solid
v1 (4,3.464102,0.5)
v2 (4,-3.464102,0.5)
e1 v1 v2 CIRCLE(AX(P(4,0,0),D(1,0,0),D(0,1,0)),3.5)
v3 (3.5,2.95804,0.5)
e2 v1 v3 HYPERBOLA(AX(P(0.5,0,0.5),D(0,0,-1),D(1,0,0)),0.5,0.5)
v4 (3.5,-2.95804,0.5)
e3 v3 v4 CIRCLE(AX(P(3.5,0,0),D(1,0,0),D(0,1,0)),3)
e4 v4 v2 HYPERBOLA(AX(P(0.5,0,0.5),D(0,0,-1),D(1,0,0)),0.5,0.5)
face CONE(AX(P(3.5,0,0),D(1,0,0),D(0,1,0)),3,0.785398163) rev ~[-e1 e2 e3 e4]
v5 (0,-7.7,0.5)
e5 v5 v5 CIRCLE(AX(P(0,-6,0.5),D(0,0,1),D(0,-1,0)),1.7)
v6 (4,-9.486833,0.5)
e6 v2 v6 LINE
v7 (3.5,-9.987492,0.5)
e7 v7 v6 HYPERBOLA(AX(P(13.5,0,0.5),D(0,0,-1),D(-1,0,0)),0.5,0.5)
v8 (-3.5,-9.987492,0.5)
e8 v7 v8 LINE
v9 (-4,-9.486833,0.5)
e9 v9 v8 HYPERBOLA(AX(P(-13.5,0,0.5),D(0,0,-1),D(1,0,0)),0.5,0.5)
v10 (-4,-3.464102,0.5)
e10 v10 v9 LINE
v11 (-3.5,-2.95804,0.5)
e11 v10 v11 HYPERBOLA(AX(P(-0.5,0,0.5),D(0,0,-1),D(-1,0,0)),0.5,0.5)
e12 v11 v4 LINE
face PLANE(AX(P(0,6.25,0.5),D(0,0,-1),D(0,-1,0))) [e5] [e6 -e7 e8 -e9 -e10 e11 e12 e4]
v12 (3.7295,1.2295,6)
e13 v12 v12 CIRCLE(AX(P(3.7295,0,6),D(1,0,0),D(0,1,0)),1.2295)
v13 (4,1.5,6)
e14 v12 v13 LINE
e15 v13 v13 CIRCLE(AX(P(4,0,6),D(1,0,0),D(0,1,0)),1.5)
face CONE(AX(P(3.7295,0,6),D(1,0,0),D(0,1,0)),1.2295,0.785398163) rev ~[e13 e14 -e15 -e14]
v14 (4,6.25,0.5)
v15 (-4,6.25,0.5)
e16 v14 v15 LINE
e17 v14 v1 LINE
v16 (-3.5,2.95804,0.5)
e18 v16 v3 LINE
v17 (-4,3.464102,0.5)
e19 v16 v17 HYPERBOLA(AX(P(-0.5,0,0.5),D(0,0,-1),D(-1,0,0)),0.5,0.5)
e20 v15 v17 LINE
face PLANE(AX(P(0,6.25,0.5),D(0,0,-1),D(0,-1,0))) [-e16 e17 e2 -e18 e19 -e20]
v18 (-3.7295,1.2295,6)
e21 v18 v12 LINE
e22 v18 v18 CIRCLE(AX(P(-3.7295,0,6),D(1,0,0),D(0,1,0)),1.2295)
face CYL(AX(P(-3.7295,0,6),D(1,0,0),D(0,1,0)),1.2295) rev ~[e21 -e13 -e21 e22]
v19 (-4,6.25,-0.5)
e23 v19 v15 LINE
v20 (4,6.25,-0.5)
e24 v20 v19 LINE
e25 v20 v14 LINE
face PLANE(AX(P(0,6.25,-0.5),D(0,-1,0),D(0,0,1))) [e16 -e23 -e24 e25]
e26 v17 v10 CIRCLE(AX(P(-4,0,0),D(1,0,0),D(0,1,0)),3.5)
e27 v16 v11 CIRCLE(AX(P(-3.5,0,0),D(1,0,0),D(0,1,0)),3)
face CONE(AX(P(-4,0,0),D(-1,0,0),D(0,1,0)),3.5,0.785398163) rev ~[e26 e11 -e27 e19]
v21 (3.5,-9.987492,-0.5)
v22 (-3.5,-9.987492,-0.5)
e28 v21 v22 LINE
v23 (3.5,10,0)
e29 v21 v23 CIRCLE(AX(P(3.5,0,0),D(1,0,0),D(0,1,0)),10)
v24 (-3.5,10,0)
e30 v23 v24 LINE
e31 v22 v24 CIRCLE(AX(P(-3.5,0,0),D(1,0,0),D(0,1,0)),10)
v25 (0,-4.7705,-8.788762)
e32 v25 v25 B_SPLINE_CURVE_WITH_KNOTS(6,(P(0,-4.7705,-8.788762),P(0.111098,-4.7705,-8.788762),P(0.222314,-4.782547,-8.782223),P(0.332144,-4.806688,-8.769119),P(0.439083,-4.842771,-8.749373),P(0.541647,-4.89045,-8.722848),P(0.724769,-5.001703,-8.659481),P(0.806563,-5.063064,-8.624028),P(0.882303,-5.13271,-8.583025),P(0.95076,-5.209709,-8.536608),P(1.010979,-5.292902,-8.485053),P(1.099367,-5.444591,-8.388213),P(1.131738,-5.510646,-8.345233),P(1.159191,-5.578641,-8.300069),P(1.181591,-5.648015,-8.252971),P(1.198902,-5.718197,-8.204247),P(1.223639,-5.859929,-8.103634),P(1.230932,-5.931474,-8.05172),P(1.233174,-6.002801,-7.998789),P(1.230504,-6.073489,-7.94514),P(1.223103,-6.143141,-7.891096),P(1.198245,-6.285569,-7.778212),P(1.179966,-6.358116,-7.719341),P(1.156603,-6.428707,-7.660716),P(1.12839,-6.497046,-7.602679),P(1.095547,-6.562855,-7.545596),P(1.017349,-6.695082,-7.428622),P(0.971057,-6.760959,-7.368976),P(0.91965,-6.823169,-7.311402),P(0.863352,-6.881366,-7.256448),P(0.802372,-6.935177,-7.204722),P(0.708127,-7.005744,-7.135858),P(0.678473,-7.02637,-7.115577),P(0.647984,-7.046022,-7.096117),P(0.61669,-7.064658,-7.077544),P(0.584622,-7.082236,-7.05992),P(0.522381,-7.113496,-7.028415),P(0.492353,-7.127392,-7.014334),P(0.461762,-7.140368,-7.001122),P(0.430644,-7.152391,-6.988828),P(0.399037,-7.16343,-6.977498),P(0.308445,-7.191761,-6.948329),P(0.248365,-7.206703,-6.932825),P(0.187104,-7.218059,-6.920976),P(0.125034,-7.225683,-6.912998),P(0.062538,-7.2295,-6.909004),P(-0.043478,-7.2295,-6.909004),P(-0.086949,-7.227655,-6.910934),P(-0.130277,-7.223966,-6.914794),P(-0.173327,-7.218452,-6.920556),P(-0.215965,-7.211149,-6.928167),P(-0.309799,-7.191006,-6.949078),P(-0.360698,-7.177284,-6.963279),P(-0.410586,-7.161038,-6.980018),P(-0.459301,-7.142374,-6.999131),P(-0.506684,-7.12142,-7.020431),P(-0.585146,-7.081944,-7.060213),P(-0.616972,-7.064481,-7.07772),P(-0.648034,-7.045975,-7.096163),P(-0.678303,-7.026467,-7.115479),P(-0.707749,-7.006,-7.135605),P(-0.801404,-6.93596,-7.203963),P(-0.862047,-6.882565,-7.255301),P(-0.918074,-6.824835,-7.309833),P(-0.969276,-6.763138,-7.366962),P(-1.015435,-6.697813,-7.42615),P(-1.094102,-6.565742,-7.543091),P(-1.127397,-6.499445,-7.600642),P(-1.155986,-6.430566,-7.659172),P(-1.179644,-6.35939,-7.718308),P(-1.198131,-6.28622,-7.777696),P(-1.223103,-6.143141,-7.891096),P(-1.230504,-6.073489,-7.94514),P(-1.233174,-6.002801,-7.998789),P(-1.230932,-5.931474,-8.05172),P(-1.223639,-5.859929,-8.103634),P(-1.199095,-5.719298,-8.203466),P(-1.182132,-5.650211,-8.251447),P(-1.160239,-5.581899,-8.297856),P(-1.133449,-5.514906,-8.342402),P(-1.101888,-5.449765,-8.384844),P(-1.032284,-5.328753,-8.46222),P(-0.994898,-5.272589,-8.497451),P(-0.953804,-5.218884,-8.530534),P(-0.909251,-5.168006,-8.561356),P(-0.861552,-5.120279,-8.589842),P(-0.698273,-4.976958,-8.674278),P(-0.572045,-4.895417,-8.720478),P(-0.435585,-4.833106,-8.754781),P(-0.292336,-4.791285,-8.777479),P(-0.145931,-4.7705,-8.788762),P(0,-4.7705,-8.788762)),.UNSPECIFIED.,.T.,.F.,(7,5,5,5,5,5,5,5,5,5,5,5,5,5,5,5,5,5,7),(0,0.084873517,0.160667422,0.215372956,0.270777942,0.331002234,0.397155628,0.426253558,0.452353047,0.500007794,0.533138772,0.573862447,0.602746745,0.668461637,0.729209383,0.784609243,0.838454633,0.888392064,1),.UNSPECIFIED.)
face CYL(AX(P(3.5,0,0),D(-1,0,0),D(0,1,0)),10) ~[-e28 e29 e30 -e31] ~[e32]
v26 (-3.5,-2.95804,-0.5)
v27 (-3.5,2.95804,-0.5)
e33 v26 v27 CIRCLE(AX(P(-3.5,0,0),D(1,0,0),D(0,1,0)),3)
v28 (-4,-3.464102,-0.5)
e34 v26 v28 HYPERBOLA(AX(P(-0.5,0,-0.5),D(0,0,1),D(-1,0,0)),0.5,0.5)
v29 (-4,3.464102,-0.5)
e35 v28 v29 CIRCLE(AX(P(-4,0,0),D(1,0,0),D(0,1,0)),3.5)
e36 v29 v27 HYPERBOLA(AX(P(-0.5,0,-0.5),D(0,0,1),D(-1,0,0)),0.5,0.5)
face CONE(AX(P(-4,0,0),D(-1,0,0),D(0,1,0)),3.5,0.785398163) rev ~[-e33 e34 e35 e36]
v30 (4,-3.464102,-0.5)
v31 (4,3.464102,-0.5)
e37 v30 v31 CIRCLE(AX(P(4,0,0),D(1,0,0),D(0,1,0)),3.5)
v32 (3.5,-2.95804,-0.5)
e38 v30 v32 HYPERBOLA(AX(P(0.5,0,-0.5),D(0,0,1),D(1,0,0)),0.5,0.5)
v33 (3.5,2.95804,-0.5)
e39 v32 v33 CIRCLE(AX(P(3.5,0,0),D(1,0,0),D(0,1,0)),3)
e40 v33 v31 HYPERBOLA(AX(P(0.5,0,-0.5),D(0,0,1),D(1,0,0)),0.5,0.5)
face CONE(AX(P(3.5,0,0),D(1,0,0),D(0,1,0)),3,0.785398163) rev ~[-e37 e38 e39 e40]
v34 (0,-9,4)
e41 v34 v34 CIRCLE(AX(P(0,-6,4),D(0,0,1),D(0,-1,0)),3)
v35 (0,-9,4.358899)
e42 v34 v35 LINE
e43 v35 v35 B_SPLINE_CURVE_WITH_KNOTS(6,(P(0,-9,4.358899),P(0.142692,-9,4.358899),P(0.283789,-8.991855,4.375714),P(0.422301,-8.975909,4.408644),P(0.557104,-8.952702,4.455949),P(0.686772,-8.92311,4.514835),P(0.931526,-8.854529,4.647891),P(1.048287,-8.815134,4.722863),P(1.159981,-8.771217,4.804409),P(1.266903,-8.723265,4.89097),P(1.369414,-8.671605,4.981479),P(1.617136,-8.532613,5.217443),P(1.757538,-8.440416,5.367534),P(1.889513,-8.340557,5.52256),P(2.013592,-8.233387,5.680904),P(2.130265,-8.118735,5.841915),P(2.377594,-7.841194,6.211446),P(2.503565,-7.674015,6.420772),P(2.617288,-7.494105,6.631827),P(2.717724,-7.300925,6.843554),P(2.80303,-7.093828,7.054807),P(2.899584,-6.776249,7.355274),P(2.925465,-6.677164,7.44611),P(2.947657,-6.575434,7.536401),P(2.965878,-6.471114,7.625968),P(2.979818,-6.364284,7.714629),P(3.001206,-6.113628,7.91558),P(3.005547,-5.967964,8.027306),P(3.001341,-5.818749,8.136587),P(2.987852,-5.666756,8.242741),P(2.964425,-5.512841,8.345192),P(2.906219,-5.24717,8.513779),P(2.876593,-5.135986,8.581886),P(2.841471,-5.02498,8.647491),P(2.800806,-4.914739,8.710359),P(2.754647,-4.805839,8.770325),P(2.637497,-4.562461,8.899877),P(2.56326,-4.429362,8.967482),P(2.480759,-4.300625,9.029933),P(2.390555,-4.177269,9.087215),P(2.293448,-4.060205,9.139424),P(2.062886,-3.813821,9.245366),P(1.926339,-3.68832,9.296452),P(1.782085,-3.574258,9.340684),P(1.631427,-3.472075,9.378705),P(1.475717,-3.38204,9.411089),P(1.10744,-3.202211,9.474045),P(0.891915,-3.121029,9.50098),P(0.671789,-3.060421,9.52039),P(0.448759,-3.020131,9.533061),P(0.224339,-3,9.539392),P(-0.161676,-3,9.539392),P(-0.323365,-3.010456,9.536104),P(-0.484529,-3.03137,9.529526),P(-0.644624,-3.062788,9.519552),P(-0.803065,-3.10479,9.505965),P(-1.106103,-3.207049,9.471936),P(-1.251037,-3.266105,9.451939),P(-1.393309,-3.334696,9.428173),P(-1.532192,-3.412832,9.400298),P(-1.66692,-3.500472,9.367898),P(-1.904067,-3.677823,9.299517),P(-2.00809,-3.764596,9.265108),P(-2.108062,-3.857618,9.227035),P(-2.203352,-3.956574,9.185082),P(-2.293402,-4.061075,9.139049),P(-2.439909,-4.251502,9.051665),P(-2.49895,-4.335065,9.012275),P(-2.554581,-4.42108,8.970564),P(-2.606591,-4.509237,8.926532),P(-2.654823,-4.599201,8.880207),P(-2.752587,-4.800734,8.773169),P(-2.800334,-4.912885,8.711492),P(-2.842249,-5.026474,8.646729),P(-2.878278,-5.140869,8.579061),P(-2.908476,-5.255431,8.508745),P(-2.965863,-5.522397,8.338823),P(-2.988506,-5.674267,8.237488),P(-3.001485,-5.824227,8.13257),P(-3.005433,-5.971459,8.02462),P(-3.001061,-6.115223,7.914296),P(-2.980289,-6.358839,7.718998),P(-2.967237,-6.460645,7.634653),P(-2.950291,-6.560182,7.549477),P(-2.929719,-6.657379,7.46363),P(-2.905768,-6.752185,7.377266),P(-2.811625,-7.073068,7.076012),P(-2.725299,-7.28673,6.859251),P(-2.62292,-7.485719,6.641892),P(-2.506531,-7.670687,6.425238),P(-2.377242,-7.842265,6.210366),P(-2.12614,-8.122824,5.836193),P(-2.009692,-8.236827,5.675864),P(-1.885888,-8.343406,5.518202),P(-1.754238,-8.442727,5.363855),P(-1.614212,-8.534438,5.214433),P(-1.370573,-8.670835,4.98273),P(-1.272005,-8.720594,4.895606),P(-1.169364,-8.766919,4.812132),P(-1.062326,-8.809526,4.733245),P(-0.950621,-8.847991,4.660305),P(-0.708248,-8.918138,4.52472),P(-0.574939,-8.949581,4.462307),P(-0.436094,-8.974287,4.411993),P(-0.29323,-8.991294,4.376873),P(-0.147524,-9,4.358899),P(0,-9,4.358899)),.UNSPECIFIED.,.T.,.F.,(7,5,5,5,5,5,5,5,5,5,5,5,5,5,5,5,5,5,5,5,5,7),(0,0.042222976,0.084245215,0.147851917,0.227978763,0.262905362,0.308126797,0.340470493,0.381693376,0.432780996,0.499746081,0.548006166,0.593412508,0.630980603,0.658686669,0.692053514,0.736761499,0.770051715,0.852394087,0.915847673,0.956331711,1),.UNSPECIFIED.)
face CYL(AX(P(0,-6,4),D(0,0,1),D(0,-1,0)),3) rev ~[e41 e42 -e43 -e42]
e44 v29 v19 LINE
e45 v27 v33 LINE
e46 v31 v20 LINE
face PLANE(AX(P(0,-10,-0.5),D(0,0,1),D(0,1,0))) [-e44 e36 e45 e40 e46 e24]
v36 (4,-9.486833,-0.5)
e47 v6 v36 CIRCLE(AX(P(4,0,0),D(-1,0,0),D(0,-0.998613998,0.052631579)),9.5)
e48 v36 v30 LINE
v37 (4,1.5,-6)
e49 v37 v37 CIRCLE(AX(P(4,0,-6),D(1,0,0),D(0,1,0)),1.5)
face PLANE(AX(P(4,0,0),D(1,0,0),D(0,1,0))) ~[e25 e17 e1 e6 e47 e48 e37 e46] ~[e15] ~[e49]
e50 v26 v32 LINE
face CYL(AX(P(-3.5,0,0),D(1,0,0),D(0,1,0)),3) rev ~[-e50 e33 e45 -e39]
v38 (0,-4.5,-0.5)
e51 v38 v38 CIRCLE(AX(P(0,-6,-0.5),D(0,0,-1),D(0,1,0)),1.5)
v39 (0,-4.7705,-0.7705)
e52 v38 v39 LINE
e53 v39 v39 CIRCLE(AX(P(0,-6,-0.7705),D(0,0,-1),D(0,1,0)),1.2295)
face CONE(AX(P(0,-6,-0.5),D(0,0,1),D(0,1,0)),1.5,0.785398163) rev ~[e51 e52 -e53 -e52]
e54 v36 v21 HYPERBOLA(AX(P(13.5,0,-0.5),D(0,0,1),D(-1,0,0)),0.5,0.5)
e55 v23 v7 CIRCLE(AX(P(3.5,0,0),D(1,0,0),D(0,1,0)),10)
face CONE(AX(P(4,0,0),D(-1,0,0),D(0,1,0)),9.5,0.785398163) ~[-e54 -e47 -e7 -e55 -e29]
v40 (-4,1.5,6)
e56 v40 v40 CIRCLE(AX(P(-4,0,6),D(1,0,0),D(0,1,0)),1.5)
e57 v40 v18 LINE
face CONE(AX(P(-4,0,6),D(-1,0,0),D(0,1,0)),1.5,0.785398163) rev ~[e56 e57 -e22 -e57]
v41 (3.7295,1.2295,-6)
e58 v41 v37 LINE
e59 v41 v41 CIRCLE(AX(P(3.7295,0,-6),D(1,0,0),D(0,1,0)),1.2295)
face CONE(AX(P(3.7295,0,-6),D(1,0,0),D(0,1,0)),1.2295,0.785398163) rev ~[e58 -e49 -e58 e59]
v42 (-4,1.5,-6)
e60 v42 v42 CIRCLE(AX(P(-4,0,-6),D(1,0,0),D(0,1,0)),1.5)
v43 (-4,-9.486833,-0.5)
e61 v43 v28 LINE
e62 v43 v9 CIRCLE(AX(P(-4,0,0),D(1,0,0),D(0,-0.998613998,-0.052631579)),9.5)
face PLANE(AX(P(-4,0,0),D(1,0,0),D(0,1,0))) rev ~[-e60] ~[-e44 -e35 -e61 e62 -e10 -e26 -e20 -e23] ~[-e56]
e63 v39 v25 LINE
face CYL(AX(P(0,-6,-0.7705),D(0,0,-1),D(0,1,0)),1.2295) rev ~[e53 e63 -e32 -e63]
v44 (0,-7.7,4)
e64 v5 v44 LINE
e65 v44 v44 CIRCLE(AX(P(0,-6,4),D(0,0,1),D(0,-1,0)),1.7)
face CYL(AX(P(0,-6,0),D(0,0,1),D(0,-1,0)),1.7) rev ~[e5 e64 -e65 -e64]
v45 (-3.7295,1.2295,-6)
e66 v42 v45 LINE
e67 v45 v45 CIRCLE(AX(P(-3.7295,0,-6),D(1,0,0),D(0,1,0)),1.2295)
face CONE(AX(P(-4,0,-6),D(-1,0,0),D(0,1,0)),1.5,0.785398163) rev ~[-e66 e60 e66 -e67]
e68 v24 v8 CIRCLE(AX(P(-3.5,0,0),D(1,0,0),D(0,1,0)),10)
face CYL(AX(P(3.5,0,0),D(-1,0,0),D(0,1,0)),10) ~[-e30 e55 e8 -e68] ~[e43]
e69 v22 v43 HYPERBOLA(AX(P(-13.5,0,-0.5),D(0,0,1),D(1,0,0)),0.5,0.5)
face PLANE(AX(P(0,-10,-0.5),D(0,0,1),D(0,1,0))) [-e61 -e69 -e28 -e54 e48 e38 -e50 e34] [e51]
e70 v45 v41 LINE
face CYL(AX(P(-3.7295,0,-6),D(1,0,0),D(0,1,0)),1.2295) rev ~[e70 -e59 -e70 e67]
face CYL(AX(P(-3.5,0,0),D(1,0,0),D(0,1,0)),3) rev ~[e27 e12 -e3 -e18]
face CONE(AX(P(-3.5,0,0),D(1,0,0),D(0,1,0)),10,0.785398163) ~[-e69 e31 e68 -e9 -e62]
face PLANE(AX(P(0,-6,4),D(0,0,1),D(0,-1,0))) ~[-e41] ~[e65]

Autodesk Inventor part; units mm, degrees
sketch "Sketch_1" plane through (0, 0, 0) normal (0, 0, 1) x (1, 0, 0)
  line L0 (4, 0) -> (-4, 0)
  line L1 (-4, 9.5) -> (-4, 3.5)
  line L2 (-4, 3.5) -> (-3.5, 3)
  line L3 (-3.5, 3) -> (3.5, 3)
  line L4 (3.5, 3) -> (4, 3.5)
  line L5 (4, 3.5) -> (4, 9.5)
  line L6 (4, 9.5) -> (3.5, 10)
  line L7 (3.5, 10) -> (-3.5, 10)
  line L8 (-3.5, 10) -> (-4, 9.5)
revolve "Revolution1" add sketch "Sketch_1" angle 360 about axis through (4, 0, 0) along (1, 0, 0)
sketch "Sketch_2" plane through (0, 0, 0) normal (1, 0, 0) x (0, 1, 0)
  line L0 (-10, 0.5) -> (-10, -0.5)
  line L1 (-10, -0.5) -> (6.25, -0.5)
  line L2 (6.25, -0.5) -> (6.25, 0.5)
  line L3 (6.25, 0.5) -> (-10, 0.5)
extrude "Extrusion1" cut sketch "Sketch_2" along normal mid plane 8
sketch "Sketch_3" plane through (0, 0, 0) normal (1, 0, 0) x (0, 1, 0)
  line L0 (-6, 10) -> (-6, 0)
  line L1 (-6, 0) -> (-7.7, 0)
  line L2 (-7.7, 0) -> (-7.7, 4)
  line L3 (-7.7, 4) -> (-9, 4)
  line L4 (-9, 4) -> (-9, 10)
  line L5 (-9, 10) -> (-6, 10)
  line L6 (-6, 10) -> (-6, 0)
revolve "Revolution2" cut sketch "Sketch_3" angle 360 about axis through (0, -6, 10) along (0, 0, 1)
sketch "Sketch_4" plane through (0, 0, 0) normal (1, 0, 0) x (0, 1, 0)
  line L0 (-6, -9.5) -> (-6, -0.5)
  line L1 (-6, -0.5) -> (-4.5, -0.5)
  line L2 (-4.5, -0.5) -> (-4.7705, -0.7705)
  line L3 (-4.7705, -0.7705) -> (-4.7705, -9.5)
  line L4 (-4.7705, -9.5) -> (-6, -9.5)
  line L5 (-6, -9.5) -> (-6, -0.5)
revolve "Revolution3" cut sketch "Sketch_4" angle 360 about axis through (0, -6, -9.5) along (0, 0, -1)
thread "Thread1" size "M3x0.5" class "6H" standard "ISO Metric profile" length 8.1598
sketch "Sketch_7" plane through (0, 0, -6) normal (0, 0, 1) x (1, 0, 0)
  line L0 (4, 0) -> (-4, 0)
  line L1 (-4, 0) -> (-4, 1.5)
  line L2 (-4, 1.5) -> (-3.7295, 1.2295)
  line L3 (-3.7295, 1.2295) -> (3.7295, 1.2295)
  line L4 (3.7295, 1.2295) -> (4, 1.5)
  line L5 (4, 1.5) -> (4, 0)
  line L6 (4, 0) -> (-4, 0)
revolve "Revolution4" cut sketch "Sketch_7" angle 360 about axis through (4, 0, -6) along (1, 0, 0)
thread "Thread2" size "M3x0.5" class "6H" standard "ISO Metric profile" full length
sketch "Sketch_8" plane through (0, 0, 6) normal (0, 0, 1) x (1, 0, 0)
  line L0 (4, 0) -> (-4, 0)
  line L1 (-4, 0) -> (-4, 1.5)
  line L2 (-4, 1.5) -> (-3.7295, 1.2295)
  line L3 (-3.7295, 1.2295) -> (3.7295, 1.2295)
  line L4 (3.7295, 1.2295) -> (4, 1.5)
  line L5 (4, 1.5) -> (4, 0)
  line L6 (4, 0) -> (-4, 0)
revolve "Revolution5" cut sketch "Sketch_8" angle 360 about axis through (4, 0, 6) along (1, 0, 0)
thread "Thread3" size "M3x0.5" class "6H" standard "ISO Metric profile" full length
ref_plane "body_screw_XY" through (0, -6, 4) normal (0, 0, 1) x (1, 0, 0)
ref_plane "body_screw_YZ" through (0, -6, 4) normal (1, 0, 0) x (0, 1, 0)
ref_plane "body_screw_ZX" through (0, -6, 4) normal (0, 1, 0) x (0, 0, 1)
properties part number "SCSWA6-8b"
